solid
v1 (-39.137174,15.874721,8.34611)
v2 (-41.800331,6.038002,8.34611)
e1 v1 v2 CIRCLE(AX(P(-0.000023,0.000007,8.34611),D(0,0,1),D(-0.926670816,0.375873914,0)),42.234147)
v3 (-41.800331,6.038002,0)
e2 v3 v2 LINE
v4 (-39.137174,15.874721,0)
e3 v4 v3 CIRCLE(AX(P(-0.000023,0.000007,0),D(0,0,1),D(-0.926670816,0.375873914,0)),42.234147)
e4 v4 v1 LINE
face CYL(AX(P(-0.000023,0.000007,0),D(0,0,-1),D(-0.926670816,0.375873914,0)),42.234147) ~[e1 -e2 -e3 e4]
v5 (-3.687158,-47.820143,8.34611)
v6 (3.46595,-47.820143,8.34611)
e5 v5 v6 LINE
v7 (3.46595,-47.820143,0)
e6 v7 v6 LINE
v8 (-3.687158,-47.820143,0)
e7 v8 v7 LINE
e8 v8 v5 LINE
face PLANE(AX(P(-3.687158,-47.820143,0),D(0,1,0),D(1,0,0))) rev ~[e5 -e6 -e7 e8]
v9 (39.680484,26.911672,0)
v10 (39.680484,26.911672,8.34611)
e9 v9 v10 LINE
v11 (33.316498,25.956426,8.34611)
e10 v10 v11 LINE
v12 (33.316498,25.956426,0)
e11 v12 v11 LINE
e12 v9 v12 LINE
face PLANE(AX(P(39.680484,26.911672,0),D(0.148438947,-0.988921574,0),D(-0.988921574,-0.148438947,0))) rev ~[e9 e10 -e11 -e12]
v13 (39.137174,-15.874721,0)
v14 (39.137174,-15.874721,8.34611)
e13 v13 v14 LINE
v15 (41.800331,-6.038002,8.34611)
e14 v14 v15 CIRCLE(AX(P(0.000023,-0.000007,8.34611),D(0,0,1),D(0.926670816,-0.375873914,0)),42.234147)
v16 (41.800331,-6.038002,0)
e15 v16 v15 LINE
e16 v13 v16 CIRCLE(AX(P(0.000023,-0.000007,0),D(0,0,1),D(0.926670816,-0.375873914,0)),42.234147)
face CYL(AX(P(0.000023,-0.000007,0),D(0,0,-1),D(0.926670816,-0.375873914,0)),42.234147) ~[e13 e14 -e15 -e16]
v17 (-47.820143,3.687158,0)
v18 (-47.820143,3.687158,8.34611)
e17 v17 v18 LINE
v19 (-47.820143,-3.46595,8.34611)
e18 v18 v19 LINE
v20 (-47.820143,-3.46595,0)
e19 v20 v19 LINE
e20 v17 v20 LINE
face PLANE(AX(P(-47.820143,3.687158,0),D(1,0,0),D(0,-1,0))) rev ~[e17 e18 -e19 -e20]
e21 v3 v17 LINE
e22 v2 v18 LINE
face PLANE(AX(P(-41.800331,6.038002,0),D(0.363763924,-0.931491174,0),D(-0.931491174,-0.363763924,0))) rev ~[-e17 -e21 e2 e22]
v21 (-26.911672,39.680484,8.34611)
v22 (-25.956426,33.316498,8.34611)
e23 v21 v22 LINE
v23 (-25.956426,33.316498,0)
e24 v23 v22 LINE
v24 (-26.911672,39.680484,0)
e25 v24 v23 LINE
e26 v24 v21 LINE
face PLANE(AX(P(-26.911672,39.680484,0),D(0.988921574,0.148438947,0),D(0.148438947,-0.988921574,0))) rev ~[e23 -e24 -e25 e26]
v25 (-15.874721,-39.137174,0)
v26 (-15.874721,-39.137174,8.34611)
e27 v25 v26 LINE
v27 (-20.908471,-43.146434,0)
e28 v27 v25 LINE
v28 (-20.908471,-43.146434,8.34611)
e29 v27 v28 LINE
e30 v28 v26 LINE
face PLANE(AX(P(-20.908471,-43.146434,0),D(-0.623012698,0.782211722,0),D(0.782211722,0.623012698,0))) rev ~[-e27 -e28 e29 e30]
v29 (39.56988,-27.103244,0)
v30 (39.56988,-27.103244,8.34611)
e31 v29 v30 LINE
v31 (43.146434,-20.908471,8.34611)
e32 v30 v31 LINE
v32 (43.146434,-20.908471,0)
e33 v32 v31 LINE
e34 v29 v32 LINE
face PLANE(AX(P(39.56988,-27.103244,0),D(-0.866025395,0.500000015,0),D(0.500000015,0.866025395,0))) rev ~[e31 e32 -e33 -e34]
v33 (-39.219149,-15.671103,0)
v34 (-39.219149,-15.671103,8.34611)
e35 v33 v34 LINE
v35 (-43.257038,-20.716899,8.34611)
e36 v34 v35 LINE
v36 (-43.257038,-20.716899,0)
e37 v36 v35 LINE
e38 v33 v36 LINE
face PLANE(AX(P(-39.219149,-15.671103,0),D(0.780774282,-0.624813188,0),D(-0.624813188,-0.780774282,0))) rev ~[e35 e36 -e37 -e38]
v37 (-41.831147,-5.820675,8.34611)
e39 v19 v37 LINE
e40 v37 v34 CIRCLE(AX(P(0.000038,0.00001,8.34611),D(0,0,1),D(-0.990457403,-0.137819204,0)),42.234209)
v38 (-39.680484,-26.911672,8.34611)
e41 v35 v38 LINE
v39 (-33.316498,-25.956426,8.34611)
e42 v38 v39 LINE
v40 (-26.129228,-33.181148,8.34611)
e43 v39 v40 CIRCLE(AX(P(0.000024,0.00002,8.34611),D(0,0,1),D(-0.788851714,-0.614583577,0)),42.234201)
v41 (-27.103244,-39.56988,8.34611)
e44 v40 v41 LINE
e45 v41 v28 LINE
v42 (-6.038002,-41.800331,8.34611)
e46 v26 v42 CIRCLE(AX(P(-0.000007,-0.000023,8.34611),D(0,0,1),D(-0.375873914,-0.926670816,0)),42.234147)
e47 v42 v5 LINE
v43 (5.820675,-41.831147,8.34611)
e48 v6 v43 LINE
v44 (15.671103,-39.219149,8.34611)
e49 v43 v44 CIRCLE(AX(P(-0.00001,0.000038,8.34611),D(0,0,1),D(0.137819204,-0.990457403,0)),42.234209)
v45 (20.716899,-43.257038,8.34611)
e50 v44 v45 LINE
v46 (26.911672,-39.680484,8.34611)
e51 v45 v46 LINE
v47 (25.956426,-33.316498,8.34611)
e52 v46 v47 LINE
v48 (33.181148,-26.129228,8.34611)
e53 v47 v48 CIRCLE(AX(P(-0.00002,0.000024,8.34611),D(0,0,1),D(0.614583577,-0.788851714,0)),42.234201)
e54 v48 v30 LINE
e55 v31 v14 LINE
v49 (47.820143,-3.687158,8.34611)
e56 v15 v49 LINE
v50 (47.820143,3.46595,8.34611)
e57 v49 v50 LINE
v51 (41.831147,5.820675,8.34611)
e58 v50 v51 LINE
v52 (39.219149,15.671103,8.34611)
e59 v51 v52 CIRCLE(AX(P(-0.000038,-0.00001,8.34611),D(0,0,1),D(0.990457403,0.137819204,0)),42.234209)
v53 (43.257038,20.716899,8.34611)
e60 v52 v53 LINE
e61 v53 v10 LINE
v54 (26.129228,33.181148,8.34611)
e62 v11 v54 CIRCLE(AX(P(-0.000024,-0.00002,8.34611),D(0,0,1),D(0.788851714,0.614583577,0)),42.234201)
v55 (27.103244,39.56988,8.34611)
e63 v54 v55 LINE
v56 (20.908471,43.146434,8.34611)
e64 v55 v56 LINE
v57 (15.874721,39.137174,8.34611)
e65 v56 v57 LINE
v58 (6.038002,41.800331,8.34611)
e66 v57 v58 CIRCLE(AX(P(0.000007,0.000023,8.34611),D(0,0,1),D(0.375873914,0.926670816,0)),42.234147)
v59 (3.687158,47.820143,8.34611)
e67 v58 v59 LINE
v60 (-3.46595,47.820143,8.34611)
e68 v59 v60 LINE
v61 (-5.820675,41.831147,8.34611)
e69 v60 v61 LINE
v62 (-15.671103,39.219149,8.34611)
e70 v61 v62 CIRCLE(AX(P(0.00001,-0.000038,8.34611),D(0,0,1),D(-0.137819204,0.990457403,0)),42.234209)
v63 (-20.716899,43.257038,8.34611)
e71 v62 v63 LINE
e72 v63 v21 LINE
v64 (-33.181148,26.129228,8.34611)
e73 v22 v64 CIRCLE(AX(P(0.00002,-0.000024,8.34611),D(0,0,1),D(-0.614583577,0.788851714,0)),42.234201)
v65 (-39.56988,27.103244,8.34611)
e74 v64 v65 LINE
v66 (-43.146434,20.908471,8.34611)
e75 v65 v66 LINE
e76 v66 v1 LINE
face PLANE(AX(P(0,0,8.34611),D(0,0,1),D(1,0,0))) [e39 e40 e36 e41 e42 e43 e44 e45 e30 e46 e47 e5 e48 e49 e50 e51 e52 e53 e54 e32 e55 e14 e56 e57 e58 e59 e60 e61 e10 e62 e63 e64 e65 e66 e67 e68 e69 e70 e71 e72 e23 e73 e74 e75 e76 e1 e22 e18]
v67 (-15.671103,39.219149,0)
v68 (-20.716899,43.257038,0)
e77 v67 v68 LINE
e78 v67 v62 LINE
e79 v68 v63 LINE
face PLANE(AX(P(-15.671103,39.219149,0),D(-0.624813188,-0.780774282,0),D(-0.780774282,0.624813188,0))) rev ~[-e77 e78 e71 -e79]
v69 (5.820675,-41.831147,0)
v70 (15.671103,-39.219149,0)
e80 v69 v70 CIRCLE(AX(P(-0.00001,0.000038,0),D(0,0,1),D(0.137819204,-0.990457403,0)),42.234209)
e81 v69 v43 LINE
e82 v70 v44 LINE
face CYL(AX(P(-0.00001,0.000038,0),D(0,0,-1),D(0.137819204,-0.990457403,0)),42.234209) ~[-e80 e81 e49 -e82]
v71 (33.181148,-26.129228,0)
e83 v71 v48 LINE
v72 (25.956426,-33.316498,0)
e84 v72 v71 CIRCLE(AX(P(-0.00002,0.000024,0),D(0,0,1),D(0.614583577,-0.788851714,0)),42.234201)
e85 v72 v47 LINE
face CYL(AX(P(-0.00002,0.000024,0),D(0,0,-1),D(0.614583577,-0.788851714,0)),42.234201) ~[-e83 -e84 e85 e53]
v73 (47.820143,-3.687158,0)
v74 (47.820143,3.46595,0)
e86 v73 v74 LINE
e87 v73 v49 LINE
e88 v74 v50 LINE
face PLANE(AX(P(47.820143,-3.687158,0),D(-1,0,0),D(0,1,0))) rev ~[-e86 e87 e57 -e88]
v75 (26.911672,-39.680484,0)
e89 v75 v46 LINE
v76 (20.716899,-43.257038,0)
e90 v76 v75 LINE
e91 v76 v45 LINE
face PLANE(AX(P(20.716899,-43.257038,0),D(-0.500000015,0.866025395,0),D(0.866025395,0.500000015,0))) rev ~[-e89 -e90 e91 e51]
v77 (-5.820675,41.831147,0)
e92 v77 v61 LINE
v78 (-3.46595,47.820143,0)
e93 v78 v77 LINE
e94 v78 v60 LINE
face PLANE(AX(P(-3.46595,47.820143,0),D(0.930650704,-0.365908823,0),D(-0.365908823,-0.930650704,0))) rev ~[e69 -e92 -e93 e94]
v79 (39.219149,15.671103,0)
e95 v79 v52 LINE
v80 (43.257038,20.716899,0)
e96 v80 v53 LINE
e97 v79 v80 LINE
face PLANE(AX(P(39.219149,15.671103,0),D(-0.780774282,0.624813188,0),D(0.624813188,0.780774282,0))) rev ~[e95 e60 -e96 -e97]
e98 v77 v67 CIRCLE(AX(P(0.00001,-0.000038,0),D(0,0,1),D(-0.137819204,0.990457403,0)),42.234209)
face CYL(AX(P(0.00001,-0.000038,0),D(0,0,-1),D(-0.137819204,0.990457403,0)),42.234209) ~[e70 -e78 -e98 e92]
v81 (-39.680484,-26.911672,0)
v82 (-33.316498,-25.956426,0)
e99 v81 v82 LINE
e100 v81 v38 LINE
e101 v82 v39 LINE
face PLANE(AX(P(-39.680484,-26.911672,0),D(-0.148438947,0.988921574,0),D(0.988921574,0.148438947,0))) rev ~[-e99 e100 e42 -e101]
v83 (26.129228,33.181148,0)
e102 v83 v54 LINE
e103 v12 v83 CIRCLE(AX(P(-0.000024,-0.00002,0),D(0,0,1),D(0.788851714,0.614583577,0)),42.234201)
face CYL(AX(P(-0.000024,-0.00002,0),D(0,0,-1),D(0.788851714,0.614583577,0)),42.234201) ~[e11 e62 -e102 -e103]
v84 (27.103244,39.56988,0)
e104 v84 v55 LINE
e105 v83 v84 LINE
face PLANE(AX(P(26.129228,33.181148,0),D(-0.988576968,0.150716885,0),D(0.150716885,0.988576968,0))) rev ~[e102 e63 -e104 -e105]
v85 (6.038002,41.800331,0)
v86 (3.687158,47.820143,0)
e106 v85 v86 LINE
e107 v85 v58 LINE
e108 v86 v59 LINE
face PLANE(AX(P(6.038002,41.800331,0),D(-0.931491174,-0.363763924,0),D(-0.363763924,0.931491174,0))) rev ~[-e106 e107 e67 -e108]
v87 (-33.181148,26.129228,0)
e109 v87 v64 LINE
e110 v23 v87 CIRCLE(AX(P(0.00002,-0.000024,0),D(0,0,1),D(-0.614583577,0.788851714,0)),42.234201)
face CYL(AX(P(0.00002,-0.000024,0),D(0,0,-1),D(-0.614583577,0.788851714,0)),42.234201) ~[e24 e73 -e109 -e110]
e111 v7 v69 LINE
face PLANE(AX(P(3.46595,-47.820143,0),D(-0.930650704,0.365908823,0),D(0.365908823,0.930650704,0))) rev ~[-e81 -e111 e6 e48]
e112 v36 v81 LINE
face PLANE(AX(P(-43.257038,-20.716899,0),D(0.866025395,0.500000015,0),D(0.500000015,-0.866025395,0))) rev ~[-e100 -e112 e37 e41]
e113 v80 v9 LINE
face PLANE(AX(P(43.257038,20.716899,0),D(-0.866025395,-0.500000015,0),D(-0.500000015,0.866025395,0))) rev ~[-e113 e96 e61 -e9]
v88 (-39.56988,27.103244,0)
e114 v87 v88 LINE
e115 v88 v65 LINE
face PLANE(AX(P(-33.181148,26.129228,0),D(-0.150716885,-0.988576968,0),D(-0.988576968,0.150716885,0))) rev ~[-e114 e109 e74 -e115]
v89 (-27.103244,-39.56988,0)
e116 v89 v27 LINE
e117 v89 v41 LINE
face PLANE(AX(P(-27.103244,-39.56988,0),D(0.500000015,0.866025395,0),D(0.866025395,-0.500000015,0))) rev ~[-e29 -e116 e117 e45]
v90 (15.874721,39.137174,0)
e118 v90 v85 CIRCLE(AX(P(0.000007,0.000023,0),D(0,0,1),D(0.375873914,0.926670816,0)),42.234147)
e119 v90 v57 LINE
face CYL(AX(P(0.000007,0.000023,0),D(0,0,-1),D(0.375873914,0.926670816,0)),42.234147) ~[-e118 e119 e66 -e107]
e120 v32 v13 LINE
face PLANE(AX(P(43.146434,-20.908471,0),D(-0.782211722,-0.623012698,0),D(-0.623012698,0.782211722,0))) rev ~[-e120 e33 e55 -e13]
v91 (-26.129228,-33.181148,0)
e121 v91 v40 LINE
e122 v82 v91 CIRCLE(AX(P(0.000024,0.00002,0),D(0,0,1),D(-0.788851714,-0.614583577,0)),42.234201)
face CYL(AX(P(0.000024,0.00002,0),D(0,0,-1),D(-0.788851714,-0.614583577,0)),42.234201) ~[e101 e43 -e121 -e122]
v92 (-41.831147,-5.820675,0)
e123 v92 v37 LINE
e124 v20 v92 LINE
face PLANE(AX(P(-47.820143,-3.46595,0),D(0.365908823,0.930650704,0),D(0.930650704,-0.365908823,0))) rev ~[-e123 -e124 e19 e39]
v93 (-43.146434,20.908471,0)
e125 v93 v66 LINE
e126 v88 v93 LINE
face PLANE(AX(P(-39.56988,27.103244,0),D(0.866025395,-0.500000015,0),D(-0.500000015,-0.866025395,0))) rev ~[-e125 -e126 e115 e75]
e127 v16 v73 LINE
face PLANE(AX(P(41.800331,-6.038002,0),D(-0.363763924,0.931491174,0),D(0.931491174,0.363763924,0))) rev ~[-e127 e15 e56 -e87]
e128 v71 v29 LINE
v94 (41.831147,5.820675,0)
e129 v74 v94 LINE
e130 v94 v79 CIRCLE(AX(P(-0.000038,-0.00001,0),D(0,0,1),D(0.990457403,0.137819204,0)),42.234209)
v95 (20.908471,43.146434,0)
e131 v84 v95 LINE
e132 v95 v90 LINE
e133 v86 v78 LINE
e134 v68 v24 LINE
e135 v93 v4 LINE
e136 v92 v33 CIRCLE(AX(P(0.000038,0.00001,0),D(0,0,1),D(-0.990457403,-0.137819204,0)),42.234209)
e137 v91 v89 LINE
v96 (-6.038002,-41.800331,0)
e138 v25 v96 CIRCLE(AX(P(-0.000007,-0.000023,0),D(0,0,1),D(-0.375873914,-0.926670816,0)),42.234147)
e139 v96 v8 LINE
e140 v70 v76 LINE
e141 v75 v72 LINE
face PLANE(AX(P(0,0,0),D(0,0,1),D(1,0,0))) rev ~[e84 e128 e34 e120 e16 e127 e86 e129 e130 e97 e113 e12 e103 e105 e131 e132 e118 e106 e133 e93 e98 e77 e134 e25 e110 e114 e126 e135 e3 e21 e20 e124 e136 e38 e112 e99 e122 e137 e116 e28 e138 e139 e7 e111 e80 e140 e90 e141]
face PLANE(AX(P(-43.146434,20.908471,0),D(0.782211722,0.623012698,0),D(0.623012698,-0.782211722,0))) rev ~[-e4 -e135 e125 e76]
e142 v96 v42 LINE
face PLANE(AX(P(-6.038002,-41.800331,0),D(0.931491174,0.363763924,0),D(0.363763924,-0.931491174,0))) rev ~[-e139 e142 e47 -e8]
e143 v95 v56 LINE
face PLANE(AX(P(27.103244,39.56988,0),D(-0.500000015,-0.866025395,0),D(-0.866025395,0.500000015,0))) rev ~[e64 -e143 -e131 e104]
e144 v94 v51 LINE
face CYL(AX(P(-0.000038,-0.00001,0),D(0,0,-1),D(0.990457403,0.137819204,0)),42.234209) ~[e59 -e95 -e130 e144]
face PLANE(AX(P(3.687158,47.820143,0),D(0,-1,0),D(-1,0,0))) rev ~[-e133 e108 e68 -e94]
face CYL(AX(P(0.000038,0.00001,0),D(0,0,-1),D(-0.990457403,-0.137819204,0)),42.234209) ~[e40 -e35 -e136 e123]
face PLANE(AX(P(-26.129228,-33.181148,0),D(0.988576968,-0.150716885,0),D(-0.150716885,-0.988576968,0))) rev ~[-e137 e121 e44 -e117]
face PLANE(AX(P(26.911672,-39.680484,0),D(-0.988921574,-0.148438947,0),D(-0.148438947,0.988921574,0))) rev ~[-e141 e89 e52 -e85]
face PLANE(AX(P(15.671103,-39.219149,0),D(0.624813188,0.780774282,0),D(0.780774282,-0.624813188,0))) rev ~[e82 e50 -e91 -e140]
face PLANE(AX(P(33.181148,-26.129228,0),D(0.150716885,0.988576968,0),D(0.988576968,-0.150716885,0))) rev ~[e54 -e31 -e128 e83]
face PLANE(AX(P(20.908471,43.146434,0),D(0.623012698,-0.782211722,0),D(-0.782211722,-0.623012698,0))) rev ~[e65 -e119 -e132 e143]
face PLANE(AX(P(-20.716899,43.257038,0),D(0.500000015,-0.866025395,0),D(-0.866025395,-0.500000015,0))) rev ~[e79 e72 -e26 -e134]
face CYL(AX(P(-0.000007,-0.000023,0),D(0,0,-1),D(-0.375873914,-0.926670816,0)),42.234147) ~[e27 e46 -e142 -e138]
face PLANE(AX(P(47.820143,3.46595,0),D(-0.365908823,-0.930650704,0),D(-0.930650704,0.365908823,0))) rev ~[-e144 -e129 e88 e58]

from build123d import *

# Parameters (mm, degrees)
F1_DEPTH = 8.34611


with BuildPart() as f1:
    # F0 (on Top) → F1 (new body)
    with BuildSketch(Plane.XY):
        with BuildLine():
            Line((-3.46595, 47.820143), (-5.820675, 41.831147))
            ThreePointArc((-5.820675, 41.831147), (-10.82496, 40.823343), (-15.671103, 39.219149))
            Line((-15.671103, 39.219149), (-20.716899, 43.257038))
            Line((-20.716899, 43.257038), (-26.911672, 39.680484))
            Line((-26.911672, 39.680484), (-25.956426, 33.316498))
            ThreePointArc((-25.956426, 33.316498), (-29.786362, 29.941572), (-33.181148, 26.129228))
            Line((-33.181148, 26.129228), (-39.56988, 27.103244))
            Line((-39.56988, 27.103244), (-43.146434, 20.908471))
            Line((-43.146434, 20.908471), (-39.137174, 15.874721))
            ThreePointArc((-39.137174, 15.874721), (-40.766533, 11.036981), (-41.800331, 6.038002))
            Line((-41.800331, 6.038002), (-47.820143, 3.687158))
            Line((-47.820143, 3.687158), (-47.820143, -3.46595))
            Line((-47.820143, -3.46595), (-41.831147, -5.820675))
            ThreePointArc((-41.831147, -5.820675), (-40.823343, -10.82496), (-39.219149, -15.671103))
            Line((-39.219149, -15.671103), (-43.257038, -20.716899))
            Line((-43.257038, -20.716899), (-39.680484, -26.911672))
            Line((-39.680484, -26.911672), (-33.316498, -25.956426))
            ThreePointArc((-33.316498, -25.956426), (-29.941572, -29.786362), (-26.129228, -33.181148))
            Line((-26.129228, -33.181148), (-27.103244, -39.56988))
            Line((-27.103244, -39.56988), (-20.908471, -43.146434))
            Line((-20.908471, -43.146434), (-15.874721, -39.137174))
            ThreePointArc((-15.874721, -39.137174), (-11.036981, -40.766533), (-6.038002, -41.800331))
            Line((-6.038002, -41.800331), (-3.687158, -47.820143))
            Line((-3.687158, -47.820143), (3.46595, -47.820143))
            Line((3.46595, -47.820143), (5.820675, -41.831147))
            ThreePointArc((5.820675, -41.831147), (10.82496, -40.823343), (15.671103, -39.219149))
            Line((15.671103, -39.219149), (20.716899, -43.257038))
            Line((20.716899, -43.257038), (26.911672, -39.680484))
            Line((26.911672, -39.680484), (25.956426, -33.316498))
            ThreePointArc((25.956426, -33.316498), (29.786362, -29.941572), (33.181148, -26.129228))
            Line((33.181148, -26.129228), (39.56988, -27.103244))
            Line((39.56988, -27.103244), (43.146434, -20.908471))
            Line((43.146434, -20.908471), (39.137174, -15.874721))
            ThreePointArc((39.137174, -15.874721), (40.766533, -11.036981), (41.800331, -6.038002))
            Line((41.800331, -6.038002), (47.820143, -3.687158))
            Line((47.820143, -3.687158), (47.820143, 3.46595))
            Line((47.820143, 3.46595), (41.831147, 5.820675))
            ThreePointArc((41.831147, 5.820675), (40.823343, 10.82496), (39.219149, 15.671103))
            Line((39.219149, 15.671103), (43.257038, 20.716899))
            Line((43.257038, 20.716899), (39.680484, 26.911672))
            Line((39.680484, 26.911672), (33.316498, 25.956426))
            ThreePointArc((33.316498, 25.956426), (29.941572, 29.786362), (26.129228, 33.181148))
            Line((26.129228, 33.181148), (27.103244, 39.56988))
            Line((27.103244, 39.56988), (20.908471, 43.146434))
            Line((20.908471, 43.146434), (15.874721, 39.137174))
            ThreePointArc((15.874721, 39.137174), (11.036981, 40.766533), (6.038002, 41.800331))
            Line((6.038002, 41.800331), (3.687158, 47.820143))
            Line((3.687158, 47.820143), (-3.46595, 47.820143))
        make_face()
    extrude(amount=F1_DEPTH)


solid = f1.part
